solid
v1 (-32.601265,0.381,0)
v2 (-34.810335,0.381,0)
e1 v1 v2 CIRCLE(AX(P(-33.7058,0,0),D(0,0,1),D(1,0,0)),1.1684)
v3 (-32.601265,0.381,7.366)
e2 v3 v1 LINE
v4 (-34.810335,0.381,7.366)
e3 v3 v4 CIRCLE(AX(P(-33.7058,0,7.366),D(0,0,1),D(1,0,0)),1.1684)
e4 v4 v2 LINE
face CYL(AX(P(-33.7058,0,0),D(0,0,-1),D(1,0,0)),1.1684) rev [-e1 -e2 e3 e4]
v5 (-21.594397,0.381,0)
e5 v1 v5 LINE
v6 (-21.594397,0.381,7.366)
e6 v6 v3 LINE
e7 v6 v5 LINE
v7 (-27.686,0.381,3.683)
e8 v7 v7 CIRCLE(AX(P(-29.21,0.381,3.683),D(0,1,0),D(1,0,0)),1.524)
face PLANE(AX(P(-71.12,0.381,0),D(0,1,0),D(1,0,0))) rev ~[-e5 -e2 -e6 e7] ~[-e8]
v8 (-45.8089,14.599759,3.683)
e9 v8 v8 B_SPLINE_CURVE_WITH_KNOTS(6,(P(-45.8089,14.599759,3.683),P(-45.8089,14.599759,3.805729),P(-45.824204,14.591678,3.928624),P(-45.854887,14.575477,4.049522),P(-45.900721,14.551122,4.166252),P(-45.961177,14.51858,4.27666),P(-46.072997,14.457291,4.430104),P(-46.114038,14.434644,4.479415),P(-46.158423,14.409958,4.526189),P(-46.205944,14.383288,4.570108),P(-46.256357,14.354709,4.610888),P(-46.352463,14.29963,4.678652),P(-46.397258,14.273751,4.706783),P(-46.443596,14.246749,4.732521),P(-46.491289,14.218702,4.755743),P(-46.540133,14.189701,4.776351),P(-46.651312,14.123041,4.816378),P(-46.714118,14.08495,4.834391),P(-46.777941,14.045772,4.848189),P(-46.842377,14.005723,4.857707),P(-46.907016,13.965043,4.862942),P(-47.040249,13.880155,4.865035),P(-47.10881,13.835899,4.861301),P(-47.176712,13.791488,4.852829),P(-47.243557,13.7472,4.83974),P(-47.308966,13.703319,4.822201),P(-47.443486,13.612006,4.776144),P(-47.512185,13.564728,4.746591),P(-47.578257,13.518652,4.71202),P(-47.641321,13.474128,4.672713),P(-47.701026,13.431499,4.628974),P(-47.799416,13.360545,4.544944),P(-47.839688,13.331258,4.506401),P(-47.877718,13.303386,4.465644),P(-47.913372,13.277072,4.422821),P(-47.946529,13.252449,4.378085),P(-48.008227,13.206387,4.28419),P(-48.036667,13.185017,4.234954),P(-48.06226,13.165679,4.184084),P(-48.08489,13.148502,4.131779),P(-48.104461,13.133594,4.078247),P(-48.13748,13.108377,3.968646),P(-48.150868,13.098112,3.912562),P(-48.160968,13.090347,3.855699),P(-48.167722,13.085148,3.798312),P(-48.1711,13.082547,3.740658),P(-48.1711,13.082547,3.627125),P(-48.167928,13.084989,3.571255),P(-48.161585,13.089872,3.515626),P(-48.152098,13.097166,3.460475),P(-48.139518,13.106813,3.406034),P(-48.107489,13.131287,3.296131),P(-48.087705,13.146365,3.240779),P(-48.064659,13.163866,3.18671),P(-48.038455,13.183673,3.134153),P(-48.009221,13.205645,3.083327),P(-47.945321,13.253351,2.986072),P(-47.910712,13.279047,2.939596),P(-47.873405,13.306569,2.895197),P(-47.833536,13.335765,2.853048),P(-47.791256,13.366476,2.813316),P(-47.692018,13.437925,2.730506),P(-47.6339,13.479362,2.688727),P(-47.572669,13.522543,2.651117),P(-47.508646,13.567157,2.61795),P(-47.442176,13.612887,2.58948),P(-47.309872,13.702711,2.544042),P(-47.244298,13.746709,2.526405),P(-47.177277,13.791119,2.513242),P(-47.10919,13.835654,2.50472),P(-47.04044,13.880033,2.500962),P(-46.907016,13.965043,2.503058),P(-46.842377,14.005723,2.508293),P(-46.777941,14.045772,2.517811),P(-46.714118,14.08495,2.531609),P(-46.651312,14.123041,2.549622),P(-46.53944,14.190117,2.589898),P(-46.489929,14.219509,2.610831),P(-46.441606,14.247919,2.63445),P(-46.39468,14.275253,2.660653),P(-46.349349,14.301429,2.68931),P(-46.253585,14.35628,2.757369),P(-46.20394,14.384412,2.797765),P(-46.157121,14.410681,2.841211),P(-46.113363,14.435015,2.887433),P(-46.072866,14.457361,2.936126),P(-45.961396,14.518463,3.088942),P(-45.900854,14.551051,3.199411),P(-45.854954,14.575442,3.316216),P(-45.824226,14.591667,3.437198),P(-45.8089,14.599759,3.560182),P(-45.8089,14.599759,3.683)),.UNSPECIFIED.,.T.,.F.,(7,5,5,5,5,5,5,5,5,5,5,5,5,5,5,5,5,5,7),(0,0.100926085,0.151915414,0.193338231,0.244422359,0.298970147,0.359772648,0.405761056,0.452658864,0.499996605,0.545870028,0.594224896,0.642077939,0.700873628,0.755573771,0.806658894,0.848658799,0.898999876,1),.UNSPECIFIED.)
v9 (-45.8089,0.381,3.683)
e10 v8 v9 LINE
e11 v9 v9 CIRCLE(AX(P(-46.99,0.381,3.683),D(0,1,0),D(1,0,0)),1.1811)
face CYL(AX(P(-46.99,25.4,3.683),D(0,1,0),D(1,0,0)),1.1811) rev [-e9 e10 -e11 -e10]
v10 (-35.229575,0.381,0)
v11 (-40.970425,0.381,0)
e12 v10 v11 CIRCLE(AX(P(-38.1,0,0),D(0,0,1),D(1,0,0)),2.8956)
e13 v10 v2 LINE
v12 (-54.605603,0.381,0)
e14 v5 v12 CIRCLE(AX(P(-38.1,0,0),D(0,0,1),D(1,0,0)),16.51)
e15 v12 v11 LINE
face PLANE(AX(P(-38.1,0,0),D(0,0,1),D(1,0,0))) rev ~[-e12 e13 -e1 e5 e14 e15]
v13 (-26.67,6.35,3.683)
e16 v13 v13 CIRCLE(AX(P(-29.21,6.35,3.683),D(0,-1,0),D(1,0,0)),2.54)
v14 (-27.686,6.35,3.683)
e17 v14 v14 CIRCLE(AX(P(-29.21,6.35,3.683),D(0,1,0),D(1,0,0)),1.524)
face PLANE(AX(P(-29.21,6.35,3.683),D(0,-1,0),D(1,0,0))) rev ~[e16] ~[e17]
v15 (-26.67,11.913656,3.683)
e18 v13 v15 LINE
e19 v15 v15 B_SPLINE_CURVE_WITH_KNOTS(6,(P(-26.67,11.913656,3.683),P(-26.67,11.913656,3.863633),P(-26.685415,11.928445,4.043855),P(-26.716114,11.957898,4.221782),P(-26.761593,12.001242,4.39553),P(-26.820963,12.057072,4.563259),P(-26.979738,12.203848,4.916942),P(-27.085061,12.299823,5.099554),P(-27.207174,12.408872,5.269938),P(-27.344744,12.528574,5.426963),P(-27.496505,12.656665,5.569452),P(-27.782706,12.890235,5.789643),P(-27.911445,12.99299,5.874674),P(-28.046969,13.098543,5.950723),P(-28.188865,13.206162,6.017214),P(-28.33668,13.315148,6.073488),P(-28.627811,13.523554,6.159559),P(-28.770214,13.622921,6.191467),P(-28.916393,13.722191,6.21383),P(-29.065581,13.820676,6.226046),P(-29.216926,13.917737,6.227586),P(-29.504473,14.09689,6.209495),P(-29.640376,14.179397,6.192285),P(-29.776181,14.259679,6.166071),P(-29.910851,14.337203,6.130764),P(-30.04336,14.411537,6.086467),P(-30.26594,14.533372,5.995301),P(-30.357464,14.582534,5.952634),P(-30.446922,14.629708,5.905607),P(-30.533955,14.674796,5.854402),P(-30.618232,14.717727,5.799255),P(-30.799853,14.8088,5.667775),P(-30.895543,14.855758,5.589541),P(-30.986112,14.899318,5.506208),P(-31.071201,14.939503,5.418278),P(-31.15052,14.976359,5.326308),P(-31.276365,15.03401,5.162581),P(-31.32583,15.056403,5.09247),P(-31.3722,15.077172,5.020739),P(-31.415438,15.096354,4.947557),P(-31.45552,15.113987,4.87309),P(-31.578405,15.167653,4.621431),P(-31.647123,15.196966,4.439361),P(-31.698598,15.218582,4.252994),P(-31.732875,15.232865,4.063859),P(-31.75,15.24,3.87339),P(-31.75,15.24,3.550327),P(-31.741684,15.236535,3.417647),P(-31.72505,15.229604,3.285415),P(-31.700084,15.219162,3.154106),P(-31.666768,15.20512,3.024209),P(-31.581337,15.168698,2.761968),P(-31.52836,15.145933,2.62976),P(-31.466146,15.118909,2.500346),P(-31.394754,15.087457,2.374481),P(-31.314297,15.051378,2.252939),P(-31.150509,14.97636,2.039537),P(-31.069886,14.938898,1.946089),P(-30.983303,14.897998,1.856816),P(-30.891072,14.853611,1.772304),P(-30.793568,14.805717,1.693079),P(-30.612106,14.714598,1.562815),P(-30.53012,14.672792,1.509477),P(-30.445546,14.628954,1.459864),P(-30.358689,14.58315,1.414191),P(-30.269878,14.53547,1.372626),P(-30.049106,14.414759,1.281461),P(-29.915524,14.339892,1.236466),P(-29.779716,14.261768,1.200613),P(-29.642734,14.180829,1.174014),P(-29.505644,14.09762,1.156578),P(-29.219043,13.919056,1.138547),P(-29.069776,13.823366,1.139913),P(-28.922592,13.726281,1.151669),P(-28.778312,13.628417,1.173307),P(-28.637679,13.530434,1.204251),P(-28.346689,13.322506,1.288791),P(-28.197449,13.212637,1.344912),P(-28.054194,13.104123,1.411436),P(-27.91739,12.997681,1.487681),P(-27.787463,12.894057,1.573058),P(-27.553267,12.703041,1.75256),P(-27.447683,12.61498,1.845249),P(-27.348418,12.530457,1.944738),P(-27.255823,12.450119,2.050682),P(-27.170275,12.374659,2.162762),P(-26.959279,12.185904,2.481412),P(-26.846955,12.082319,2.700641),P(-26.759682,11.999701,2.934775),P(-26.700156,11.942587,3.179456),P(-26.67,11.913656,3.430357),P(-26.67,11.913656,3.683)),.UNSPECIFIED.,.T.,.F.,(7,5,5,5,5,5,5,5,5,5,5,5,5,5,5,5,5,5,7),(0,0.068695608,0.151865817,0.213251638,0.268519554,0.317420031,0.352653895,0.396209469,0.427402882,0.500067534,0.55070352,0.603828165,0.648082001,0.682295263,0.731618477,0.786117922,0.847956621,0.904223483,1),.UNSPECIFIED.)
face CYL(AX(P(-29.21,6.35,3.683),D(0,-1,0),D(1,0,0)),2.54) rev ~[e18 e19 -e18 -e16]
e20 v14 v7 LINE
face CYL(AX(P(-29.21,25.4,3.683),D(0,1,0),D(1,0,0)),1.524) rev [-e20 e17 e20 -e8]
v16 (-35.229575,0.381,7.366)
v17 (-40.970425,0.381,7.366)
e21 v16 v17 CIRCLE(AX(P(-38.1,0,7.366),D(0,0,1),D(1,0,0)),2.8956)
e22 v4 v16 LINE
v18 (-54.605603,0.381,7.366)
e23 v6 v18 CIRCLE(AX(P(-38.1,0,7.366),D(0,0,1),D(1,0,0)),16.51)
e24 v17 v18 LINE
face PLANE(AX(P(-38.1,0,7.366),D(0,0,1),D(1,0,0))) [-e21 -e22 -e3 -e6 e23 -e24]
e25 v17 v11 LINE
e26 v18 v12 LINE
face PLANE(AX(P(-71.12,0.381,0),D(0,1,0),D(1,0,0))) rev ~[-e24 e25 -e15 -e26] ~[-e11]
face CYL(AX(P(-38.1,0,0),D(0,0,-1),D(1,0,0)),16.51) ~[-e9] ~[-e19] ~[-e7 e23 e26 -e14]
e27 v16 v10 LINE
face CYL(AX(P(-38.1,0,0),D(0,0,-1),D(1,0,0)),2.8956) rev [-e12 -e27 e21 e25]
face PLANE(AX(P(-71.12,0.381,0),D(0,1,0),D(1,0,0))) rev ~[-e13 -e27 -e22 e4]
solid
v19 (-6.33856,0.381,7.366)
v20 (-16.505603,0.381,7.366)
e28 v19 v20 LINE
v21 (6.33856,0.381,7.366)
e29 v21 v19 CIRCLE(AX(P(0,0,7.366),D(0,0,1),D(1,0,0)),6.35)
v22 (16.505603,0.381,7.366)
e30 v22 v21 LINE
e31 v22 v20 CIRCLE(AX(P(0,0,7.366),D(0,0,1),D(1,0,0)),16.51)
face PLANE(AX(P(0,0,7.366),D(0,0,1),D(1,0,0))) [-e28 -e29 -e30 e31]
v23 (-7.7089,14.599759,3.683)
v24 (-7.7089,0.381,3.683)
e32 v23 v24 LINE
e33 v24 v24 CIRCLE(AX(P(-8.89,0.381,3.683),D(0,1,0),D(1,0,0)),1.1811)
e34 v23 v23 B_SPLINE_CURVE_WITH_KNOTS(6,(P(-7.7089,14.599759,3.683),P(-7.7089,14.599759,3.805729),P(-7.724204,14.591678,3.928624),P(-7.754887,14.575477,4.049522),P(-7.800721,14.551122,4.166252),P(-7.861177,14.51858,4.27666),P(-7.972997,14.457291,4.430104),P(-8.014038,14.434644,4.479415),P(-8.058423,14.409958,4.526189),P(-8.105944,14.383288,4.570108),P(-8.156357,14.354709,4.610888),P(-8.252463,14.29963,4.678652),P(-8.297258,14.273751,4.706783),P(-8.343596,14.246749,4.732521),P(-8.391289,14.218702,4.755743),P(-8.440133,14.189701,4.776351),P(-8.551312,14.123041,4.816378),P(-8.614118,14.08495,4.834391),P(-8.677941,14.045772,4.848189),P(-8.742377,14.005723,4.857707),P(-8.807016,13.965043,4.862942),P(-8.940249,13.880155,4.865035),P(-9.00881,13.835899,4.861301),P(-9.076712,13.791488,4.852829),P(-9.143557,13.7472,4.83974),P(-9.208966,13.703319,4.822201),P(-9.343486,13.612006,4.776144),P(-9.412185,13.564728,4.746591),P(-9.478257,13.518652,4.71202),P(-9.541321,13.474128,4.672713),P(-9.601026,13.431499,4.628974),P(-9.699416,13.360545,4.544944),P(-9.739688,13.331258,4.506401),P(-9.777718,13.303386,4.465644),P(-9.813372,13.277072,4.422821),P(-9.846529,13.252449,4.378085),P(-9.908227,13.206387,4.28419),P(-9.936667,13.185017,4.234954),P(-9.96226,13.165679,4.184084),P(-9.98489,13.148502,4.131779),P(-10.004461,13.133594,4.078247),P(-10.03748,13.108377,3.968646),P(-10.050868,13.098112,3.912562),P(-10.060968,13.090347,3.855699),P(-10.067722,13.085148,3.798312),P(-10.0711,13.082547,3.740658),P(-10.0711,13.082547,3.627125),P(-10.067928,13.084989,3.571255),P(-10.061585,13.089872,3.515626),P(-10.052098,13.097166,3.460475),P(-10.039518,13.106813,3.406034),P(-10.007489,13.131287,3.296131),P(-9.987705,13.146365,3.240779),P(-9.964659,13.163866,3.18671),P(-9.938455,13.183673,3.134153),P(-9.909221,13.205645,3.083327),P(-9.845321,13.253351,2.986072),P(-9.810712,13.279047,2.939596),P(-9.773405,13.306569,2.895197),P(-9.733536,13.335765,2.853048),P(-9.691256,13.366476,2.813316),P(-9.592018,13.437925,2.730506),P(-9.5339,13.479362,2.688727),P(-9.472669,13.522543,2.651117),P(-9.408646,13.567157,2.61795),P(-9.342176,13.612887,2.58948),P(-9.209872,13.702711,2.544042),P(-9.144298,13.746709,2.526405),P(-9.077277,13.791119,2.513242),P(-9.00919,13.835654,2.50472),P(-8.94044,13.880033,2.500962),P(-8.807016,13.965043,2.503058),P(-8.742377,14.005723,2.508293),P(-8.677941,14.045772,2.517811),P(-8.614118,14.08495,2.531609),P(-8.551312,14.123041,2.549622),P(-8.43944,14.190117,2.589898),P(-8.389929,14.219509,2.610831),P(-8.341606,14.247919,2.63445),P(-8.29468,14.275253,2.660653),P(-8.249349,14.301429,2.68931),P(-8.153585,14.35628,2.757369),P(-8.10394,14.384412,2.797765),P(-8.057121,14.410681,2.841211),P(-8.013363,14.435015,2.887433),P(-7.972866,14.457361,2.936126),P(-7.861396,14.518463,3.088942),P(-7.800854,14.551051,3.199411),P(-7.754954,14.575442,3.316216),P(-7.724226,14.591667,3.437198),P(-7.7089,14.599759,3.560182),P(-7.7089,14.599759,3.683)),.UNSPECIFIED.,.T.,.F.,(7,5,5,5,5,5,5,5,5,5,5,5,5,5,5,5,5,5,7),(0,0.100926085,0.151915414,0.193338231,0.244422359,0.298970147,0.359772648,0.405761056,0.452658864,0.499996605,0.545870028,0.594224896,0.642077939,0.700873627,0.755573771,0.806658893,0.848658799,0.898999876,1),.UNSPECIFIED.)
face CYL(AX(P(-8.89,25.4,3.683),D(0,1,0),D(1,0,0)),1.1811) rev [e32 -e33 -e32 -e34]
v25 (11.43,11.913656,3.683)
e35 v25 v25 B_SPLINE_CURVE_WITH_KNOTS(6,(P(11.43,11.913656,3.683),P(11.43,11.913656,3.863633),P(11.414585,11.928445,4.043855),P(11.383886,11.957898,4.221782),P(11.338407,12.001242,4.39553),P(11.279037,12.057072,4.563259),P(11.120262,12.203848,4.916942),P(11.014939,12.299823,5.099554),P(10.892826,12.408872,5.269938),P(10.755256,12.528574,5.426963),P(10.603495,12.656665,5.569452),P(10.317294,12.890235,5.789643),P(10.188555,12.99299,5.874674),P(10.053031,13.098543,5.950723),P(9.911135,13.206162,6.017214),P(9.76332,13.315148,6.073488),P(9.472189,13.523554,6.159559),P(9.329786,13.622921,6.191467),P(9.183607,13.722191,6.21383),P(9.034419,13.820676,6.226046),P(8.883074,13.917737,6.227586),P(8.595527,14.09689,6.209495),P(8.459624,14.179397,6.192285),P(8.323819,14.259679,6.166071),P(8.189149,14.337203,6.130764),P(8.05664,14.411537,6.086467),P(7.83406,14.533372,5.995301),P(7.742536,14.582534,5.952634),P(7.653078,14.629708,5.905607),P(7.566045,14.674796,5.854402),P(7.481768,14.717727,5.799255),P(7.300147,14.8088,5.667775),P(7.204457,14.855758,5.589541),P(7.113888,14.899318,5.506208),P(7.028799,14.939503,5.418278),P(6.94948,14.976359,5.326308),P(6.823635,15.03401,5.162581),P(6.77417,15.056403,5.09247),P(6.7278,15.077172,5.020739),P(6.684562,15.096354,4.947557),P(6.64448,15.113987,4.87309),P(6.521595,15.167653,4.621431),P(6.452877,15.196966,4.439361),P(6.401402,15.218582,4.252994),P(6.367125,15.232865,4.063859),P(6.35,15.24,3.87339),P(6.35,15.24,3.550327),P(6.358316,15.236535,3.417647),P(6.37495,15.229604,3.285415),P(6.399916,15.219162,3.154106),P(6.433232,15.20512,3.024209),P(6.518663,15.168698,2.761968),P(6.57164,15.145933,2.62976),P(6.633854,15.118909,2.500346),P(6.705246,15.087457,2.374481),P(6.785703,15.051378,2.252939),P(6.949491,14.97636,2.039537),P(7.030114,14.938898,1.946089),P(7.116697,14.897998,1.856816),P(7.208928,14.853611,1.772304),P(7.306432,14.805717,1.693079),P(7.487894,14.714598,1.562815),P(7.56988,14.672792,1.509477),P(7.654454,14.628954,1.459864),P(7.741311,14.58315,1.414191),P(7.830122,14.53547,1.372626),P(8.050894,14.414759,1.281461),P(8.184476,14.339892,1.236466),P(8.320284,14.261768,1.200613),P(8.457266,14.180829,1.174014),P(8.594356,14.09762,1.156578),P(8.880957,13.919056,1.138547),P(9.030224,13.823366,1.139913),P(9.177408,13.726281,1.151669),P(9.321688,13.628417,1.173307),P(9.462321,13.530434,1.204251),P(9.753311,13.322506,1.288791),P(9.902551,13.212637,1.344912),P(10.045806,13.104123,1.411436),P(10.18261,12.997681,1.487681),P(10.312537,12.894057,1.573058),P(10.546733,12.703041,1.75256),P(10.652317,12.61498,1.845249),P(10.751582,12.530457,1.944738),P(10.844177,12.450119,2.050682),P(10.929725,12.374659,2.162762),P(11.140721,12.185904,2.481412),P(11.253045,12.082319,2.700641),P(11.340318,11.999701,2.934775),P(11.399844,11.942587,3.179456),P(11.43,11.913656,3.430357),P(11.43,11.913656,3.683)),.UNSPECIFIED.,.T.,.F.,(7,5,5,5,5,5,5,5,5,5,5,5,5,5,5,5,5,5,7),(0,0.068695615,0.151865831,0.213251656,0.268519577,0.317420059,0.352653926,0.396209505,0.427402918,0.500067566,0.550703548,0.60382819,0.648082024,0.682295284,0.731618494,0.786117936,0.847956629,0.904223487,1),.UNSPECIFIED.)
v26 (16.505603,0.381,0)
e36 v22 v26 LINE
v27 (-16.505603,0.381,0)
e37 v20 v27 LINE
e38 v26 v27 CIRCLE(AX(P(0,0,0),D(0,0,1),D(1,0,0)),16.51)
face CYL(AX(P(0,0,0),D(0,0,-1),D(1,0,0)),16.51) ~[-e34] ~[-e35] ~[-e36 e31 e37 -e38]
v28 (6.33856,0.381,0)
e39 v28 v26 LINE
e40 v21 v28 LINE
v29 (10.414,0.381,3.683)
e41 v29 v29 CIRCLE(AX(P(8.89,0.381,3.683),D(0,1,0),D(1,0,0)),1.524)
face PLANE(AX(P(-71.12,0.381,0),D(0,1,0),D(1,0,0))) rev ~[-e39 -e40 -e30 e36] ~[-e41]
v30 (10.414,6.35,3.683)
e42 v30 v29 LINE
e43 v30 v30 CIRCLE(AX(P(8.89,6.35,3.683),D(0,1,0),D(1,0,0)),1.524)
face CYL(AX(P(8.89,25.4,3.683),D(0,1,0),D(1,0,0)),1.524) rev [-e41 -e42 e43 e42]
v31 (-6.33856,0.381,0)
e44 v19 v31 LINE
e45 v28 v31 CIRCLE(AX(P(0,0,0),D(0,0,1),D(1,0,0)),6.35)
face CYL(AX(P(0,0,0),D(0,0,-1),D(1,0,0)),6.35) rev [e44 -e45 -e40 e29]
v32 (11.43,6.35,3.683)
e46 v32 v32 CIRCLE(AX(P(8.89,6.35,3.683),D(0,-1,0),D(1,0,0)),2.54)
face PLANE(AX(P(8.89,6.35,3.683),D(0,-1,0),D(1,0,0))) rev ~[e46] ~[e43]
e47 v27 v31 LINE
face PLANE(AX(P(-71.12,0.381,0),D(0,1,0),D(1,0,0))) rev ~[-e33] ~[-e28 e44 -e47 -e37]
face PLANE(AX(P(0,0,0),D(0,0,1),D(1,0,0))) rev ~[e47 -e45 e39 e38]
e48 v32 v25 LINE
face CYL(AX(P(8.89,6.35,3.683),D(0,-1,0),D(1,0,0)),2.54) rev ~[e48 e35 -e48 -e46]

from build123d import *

# Parameters (mm, degrees)
F0_R     = 16.51
F0_R_2   = 2.8956
F0_R_3   = 1.1684
F0_R_4   = 6.35
F1_DEPTH = 7.366
F2_W     = 88.9
F2_H     = 25.781
F3_DEPTH = 25.4
F5_R     = 1.524
F5_R_2   = 1.1811
F6_DEPTH = 25.4
F8_R     = 2.54
F9_DEPTH = 25.4


with BuildPart() as f1:
    # F0 (on Top) → F1 (new body)
    with BuildSketch(Plane.XY):
        with Locations((-38.1, 0)):
            Circle(F0_R)
        with Locations((-38.1, 0)):
            Circle(F0_R_2, mode=Mode.SUBTRACT)
        with Locations((-33.7058, 0)):
            Circle(F0_R_3, mode=Mode.SUBTRACT)
        Circle(F0_R)
        Circle(F0_R_4, mode=Mode.SUBTRACT)
    extrude(amount=F1_DEPTH)

    # F2 (on Top) → F3 (cut)
    with BuildSketch(Plane.XY):
        with Locations((-26.67, -12.5095)):
            Rectangle(F2_W, F2_H)
    extrude(amount=F3_DEPTH, mode=Mode.SUBTRACT)

    # F5 (on offset) → F6 (cut)
    with BuildSketch(Plane.XZ.offset(-25.4)):
        with Locations((8.89, 3.683)):
            Circle(F5_R)
        with Locations((-8.89, 3.683)):
            Circle(F5_R_2)
        with Locations((-46.99, 3.683)):
            Circle(F5_R_2)
        with Locations((-29.21, 3.683)):
            Circle(F5_R)
    extrude(amount=F6_DEPTH, mode=Mode.SUBTRACT)

    # F8 (on offset) → F9 (cut)
    with BuildSketch(Plane.XZ.offset(-6.35)):
        with Locations((8.89, 3.683)):
            Circle(F8_R)
        with Locations((-29.21, 3.683)):
            Circle(F8_R)
    extrude(amount=-F9_DEPTH, mode=Mode.SUBTRACT)


solid = f1.part
